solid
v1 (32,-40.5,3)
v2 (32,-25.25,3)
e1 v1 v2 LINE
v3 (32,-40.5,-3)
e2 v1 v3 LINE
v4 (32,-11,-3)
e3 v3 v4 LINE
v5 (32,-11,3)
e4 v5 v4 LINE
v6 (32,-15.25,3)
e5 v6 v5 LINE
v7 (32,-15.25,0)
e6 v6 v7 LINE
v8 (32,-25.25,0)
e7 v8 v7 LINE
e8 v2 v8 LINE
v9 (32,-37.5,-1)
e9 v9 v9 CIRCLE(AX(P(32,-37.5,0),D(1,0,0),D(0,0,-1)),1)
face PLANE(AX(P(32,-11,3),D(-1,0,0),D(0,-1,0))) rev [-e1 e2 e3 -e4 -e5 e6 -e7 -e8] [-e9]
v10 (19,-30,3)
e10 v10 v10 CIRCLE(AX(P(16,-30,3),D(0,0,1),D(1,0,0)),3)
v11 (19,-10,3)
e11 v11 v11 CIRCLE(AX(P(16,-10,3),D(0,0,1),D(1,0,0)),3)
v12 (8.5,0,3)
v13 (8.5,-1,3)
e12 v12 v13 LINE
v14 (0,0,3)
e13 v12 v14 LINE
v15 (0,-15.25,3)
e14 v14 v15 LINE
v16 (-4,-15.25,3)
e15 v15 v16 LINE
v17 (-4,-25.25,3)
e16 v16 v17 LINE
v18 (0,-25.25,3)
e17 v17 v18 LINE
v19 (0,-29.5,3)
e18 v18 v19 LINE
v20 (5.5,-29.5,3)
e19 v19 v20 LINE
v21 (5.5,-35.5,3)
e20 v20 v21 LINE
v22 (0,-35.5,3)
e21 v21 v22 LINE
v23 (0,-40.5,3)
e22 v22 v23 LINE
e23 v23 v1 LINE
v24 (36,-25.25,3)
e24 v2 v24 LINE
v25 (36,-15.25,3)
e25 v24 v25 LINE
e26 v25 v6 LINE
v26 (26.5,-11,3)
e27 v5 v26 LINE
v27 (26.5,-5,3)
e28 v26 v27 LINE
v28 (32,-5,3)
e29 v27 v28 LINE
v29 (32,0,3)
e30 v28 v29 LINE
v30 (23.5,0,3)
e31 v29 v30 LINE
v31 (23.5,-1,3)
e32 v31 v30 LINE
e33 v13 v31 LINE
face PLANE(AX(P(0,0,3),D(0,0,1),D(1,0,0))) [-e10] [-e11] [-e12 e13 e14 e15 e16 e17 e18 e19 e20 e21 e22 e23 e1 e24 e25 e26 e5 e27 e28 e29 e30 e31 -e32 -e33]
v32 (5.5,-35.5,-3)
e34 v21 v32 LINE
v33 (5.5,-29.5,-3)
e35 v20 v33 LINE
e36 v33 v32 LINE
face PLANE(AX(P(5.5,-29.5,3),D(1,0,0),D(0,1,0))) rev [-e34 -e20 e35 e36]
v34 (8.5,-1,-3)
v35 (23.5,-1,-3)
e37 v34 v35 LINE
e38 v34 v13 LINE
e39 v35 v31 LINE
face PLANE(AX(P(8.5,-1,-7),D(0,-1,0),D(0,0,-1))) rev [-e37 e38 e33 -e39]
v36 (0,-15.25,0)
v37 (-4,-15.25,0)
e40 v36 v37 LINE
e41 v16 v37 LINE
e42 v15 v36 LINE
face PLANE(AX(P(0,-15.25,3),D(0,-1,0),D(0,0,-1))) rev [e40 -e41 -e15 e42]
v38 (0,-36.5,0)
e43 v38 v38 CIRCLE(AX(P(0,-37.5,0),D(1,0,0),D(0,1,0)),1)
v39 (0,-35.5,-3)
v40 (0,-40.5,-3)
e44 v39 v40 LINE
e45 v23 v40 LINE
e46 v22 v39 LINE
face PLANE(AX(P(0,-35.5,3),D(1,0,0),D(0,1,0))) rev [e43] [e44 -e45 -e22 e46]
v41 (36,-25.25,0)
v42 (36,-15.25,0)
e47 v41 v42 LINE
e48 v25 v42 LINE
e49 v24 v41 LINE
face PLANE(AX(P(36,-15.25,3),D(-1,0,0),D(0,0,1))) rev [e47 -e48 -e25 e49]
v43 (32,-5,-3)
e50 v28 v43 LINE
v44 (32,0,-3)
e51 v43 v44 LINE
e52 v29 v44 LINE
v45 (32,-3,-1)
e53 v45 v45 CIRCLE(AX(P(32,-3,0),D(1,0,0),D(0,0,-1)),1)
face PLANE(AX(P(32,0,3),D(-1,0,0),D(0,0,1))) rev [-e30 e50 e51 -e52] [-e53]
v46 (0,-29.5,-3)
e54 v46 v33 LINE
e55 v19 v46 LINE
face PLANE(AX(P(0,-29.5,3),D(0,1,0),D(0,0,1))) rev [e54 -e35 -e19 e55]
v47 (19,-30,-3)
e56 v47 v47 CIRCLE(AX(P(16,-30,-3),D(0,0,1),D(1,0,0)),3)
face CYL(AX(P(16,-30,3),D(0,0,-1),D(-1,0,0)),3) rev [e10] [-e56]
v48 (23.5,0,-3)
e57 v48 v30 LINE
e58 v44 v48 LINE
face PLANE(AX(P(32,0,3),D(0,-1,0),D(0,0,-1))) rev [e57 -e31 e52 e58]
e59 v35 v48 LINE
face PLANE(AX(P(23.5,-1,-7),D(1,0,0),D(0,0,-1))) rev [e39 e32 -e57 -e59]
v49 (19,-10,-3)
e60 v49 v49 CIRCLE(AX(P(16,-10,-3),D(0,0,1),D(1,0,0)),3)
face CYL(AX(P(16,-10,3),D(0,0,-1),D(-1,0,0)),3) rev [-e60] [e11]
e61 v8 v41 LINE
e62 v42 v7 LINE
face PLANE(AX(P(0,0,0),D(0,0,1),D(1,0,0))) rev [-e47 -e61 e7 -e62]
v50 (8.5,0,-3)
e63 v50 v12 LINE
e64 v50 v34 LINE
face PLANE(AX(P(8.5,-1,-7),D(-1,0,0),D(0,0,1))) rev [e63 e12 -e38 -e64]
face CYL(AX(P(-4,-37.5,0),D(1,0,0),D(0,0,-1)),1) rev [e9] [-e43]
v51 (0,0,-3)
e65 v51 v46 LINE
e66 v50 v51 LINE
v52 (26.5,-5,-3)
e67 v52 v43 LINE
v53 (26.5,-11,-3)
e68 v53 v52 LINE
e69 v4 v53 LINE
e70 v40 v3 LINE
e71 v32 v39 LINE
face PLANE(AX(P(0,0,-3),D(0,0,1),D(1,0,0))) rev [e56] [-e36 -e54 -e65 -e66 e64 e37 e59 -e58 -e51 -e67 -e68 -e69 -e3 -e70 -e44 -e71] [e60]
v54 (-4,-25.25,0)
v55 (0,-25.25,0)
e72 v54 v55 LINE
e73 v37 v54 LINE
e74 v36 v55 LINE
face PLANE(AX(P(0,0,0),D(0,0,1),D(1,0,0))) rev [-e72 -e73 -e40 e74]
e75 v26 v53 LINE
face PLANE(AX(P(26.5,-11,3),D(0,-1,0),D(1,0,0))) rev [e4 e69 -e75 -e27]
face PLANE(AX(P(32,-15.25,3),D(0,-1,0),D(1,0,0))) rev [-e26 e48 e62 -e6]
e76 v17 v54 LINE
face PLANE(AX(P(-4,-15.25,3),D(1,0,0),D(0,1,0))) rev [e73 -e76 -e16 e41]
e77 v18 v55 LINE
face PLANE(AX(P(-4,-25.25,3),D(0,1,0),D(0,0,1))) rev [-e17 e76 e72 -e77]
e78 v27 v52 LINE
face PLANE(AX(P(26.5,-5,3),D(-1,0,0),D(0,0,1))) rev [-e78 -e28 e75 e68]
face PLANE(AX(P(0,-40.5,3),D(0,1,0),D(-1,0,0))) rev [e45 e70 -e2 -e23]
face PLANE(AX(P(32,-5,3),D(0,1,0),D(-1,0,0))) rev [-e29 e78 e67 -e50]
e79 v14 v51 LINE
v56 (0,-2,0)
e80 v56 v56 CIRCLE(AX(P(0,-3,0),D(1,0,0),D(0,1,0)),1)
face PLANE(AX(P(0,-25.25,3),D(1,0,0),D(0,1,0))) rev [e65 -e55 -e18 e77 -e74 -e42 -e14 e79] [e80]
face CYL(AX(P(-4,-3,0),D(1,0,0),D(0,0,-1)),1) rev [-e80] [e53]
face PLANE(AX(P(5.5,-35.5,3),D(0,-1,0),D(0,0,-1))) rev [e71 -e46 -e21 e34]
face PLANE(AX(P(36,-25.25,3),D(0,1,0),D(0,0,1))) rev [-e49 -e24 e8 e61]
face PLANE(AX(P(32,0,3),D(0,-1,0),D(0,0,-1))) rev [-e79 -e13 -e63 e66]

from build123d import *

# Parameters (mm, degrees)
SKETCH_1_R          = 3
EXTRUDE_1_DEPTH     = 3
EXTRUDE_START       = -6
SKETCH_2_R          = 3
EXTRUDE_2_DEPTH     = 6
SKETCH_3_R          = 1
CUT_EXTRUDE_1_DEPTH = 55.270157545
SKETCH_6_W          = 15
SKETCH_6_H          = 1
CUT_EXTRUDE_5_DEPTH = 10


with BuildPart() as part:
    # 草图1 → 凸台-拉伸1 (new body)
    with BuildSketch(Plane.XY):
        Polygon((0, 0), (0, -15.25), (-4, -15.25), (-4, -25.25), (0, -25.25), (0, -29.5), (5.5, -29.5), (5.5, -35.5), (0, -35.5), (0, -40.5), (32, -40.5), (32, -25.25), (36, -25.25), (36, -15.25), (32, -15.25), (32, -11), (26.5, -11), (26.5, -5), (32, -5), (32, 0), align=None)
        with Locations((16, -10)):
            Circle(SKETCH_1_R, mode=Mode.SUBTRACT)
        with Locations((16, -30)):
            Circle(SKETCH_1_R, mode=Mode.SUBTRACT)
    extrude(amount=EXTRUDE_1_DEPTH)

    # 草图2 → 凸台-拉伸2 (add)
    with BuildSketch(Plane.XY.offset(3).offset(EXTRUDE_START)):
        Polygon((0, 0), (0, -29.5), (5.5, -29.5), (5.5, -35.5), (0, -35.5), (0, -40.5), (32, -40.5), (32, -11), (26.5, -11), (26.5, -5), (32, -5), (32, 0), align=None)
        with Locations((16, -10)):
            Circle(SKETCH_2_R, mode=Mode.SUBTRACT)
        with Locations((16, -30)):
            Circle(SKETCH_2_R, mode=Mode.SUBTRACT)
    extrude(amount=EXTRUDE_2_DEPTH)

    # 草图3 → 切除-拉伸1 (cut, through all)
    with BuildSketch(Plane(origin=(32, 0, 0), x_dir=(0, 0, -1), z_dir=(1, 0, 0))):
        with Locations((0, -3)):
            Circle(SKETCH_3_R)
        with Locations((0, -37.5)):
            Circle(SKETCH_3_R)
    extrude(amount=-CUT_EXTRUDE_1_DEPTH, mode=Mode.SUBTRACT)

    # 草图6 → 切除-拉伸5 (cut)
    with BuildSketch(Plane.XY.offset(3)):
        with Locations((16, -0.5)):
            Rectangle(SKETCH_6_W, SKETCH_6_H)
    extrude(amount=-CUT_EXTRUDE_5_DEPTH, mode=Mode.SUBTRACT)


solid = part.part
